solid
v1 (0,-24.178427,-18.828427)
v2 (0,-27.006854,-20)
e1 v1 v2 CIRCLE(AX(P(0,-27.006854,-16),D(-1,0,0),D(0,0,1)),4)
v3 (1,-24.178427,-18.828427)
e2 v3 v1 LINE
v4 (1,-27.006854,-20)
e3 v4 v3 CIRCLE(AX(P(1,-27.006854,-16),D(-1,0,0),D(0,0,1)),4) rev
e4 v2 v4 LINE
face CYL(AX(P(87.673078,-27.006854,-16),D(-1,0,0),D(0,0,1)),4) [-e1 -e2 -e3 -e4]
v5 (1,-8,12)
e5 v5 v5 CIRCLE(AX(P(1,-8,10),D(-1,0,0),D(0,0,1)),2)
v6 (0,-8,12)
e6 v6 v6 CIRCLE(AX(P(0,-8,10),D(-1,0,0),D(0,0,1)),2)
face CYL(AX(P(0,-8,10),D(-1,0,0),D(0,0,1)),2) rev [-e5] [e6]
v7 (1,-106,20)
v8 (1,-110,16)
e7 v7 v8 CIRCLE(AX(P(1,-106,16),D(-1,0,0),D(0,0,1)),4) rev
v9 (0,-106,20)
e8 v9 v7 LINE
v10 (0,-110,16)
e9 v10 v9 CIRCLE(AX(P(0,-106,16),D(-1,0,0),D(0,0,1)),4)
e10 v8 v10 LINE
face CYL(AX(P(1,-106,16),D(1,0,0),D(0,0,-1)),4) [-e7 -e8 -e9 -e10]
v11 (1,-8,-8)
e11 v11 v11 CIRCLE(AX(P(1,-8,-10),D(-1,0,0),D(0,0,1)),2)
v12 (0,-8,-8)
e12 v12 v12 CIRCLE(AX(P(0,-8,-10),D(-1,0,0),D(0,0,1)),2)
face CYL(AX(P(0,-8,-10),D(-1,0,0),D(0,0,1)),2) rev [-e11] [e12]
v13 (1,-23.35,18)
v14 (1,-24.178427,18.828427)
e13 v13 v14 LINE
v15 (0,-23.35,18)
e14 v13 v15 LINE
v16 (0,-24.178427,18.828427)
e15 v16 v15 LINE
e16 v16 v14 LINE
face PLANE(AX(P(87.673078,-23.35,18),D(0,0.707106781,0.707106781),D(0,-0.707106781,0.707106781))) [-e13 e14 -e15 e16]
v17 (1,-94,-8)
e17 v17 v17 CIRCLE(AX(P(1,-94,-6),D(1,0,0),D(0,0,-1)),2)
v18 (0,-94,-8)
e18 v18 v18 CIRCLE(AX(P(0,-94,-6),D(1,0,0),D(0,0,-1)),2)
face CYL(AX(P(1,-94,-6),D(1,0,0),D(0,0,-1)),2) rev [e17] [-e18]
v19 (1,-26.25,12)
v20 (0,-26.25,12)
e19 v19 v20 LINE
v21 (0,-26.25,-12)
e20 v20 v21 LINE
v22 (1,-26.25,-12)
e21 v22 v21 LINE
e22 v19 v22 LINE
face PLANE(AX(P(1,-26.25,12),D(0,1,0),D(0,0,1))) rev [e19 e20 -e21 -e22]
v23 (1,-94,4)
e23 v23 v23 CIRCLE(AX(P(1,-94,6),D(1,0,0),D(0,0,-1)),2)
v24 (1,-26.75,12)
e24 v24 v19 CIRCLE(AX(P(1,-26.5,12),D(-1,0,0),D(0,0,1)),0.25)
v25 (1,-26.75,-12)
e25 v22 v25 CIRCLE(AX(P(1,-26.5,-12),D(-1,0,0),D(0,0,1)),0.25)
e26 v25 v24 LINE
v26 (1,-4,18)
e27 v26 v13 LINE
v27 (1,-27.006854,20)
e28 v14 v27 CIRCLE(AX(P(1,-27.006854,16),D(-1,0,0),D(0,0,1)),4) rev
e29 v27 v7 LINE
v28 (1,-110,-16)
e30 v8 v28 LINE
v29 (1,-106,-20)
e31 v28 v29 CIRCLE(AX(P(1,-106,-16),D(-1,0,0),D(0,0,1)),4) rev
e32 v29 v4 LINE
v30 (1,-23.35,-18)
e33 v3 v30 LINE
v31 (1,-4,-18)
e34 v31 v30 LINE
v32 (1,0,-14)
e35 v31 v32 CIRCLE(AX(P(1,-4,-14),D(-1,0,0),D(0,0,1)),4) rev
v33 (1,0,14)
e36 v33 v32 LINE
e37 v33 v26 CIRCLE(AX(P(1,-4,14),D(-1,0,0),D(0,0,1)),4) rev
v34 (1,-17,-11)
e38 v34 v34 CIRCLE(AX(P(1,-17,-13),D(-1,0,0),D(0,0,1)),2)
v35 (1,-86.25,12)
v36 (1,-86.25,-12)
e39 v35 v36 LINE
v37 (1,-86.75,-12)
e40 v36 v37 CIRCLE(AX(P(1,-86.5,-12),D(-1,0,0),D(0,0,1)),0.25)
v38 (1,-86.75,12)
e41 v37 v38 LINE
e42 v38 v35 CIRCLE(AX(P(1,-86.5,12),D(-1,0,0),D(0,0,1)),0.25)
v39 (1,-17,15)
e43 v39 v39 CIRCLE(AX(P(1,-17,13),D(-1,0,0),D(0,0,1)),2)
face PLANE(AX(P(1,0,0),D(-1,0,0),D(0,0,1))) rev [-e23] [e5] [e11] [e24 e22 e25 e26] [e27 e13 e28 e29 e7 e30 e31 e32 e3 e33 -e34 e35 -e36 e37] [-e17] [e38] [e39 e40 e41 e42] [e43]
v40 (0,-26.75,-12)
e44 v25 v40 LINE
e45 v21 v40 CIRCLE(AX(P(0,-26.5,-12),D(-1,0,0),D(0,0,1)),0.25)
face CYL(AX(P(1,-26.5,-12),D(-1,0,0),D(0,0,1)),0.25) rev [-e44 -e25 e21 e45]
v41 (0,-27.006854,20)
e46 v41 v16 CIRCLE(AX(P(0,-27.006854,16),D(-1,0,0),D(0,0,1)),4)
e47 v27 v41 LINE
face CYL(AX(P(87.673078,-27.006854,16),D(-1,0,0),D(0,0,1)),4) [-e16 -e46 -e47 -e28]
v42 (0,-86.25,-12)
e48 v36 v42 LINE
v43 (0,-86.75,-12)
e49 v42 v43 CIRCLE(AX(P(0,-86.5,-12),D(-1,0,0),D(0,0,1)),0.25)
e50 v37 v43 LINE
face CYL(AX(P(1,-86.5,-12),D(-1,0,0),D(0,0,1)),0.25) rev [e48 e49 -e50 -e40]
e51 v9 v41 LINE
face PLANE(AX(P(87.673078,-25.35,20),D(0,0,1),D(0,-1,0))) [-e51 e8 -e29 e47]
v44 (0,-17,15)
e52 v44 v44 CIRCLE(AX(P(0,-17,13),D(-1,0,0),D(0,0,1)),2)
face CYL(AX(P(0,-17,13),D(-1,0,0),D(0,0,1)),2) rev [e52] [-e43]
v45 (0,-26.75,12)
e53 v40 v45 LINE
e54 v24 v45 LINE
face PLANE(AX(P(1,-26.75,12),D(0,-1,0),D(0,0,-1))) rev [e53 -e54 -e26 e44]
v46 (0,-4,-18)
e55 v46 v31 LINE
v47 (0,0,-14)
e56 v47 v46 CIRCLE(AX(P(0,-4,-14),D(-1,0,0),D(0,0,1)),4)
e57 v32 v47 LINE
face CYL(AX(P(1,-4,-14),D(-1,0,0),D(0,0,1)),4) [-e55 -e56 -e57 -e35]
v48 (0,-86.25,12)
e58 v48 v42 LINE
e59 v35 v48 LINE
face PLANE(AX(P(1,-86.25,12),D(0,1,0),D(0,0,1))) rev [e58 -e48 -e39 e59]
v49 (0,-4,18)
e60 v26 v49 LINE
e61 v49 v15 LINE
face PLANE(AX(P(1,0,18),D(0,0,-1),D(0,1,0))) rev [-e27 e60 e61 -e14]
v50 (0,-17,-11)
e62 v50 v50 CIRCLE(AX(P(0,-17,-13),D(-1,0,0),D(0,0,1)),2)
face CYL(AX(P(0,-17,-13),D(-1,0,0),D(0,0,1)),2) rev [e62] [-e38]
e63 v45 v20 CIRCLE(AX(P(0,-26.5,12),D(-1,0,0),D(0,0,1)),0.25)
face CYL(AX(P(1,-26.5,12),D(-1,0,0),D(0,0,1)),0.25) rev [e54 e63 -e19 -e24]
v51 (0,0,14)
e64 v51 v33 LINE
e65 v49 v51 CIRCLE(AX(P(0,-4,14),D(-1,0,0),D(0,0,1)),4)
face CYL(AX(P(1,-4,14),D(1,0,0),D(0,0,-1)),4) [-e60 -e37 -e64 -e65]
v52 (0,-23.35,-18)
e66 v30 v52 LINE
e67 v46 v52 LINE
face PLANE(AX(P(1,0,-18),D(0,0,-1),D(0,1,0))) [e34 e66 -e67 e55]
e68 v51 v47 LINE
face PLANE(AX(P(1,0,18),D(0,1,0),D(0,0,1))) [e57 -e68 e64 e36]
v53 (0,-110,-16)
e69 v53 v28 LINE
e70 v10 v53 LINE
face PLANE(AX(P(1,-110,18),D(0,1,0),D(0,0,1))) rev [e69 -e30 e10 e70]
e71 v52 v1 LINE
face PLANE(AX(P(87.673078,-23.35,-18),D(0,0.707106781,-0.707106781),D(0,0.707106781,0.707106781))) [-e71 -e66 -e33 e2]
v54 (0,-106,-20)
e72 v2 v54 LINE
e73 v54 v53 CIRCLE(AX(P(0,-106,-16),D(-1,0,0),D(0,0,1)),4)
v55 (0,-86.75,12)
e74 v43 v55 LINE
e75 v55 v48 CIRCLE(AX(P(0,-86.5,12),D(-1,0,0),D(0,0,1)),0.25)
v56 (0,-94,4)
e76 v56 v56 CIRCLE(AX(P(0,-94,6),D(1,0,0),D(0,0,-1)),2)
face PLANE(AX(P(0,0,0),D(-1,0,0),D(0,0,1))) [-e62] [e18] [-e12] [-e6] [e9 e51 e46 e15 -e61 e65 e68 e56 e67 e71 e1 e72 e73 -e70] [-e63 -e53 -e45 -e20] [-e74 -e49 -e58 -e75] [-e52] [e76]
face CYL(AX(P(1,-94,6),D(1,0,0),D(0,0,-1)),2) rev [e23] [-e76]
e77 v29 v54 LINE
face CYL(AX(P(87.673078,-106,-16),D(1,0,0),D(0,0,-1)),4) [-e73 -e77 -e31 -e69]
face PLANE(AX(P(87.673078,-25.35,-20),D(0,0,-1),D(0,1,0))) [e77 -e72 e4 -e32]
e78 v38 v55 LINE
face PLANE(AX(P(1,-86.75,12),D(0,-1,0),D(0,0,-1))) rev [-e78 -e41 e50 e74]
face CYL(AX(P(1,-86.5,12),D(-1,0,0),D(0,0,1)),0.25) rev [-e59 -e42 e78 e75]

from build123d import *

# Parameters (mm, degrees)
SKETCH1_W                = 36
SKETCH1_H                = 110
BOSS_EXTRUDE1_DEPTH      = 1
F_4_0_4_DIAMETER_HOLE2_D = 4
F_4_0_4_DIAMETER_HOLE3_D = 4
F_4_0_4_DIAMETER_HOLE1_D = 4
BOSS_EXTRUDE2_DEPTH      = 1
FILLET1_R                = 4
CUT_EXTRUDE1_DEPTH       = 112.807870922
FILLET2_R                = 4


with BuildPart() as part:
    # Sketch1 → Boss-Extrude1 (new body)
    with BuildSketch(Plane(origin=(0, 0, 0), x_dir=(0, 0, -1), z_dir=(1, 0, 0))):
        with Locations((0, -55)):
            Rectangle(SKETCH1_W, SKETCH1_H)
    extrude(amount=BOSS_EXTRUDE1_DEPTH)

    # Ø4.0 (4) Diameter Hole2 (through all)
    with Locations(Plane.ZY):
        with Locations((-10, -8), (10, -8)):
            Hole(F_4_0_4_DIAMETER_HOLE2_D / 2)

    # Ø4.0 (4) Diameter Hole3 (through all)
    with Locations(Plane.ZY):
        with Locations((-13, -17), (13, -17)):
            Hole(F_4_0_4_DIAMETER_HOLE3_D / 2)

    # Ø4.0 (4) Diameter Hole1 (through all)
    with Locations(Plane(origin=(1, 0, 0), x_dir=(0, 0, -1), z_dir=(1, 0, 0))):
        with Locations((6, -94), (-6, -94)):
            Hole(F_4_0_4_DIAMETER_HOLE1_D / 2)

    # Sketch9 → Boss-Extrude2 (add)
    with BuildSketch(Plane.ZY):
        Polygon((18, -23.35), (20, -25.35), (20, -110), (18, -110), align=None)
        Polygon((-18, -23.35), (-20, -25.35), (-20, -110), (-18, -110), align=None)
    extrude(amount=-BOSS_EXTRUDE2_DEPTH)

    # Fillet1
    fillet1_edges = [part.edges().sort_by_distance(p)[0] for p in [
        (0.5, 0, 18),
        (0.5, 0, -18),
    ]]
    fillet(fillet1_edges, radius=FILLET1_R)

    # Sketch10 → Cut-Extrude1 (cut, through all)
    with BuildSketch(Plane.ZY):
        with BuildLine():
            Line((12, -86.75), (-12, -86.75))
            ThreePointArc((-12, -86.75), (-12.25, -86.5), (-12, -86.25))
            Line((-12, -86.25), (12, -86.25))
            ThreePointArc((12, -86.25), (12.25, -86.5), (12, -86.75))
        make_face()
        with BuildLine():
            Line((12, -26.75), (-12, -26.75))
            ThreePointArc((-12, -26.75), (-12.25, -26.5), (-12, -26.25))
            Line((-12, -26.25), (12, -26.25))
            ThreePointArc((12, -26.25), (12.25, -26.5), (12, -26.75))
        make_face()
    extrude(amount=-CUT_EXTRUDE1_DEPTH, mode=Mode.SUBTRACT)

    # Fillet2
    fillet2_edges = [part.edges().sort_by_distance(p)[0] for p in [
        (0.5, -25.35, 20),
        (0.5, -110, 20),
        (0.5, -110, -20),
        (0.5, -25.35, -20),
    ]]
    fillet(fillet2_edges, radius=FILLET2_R)


solid = part.part
